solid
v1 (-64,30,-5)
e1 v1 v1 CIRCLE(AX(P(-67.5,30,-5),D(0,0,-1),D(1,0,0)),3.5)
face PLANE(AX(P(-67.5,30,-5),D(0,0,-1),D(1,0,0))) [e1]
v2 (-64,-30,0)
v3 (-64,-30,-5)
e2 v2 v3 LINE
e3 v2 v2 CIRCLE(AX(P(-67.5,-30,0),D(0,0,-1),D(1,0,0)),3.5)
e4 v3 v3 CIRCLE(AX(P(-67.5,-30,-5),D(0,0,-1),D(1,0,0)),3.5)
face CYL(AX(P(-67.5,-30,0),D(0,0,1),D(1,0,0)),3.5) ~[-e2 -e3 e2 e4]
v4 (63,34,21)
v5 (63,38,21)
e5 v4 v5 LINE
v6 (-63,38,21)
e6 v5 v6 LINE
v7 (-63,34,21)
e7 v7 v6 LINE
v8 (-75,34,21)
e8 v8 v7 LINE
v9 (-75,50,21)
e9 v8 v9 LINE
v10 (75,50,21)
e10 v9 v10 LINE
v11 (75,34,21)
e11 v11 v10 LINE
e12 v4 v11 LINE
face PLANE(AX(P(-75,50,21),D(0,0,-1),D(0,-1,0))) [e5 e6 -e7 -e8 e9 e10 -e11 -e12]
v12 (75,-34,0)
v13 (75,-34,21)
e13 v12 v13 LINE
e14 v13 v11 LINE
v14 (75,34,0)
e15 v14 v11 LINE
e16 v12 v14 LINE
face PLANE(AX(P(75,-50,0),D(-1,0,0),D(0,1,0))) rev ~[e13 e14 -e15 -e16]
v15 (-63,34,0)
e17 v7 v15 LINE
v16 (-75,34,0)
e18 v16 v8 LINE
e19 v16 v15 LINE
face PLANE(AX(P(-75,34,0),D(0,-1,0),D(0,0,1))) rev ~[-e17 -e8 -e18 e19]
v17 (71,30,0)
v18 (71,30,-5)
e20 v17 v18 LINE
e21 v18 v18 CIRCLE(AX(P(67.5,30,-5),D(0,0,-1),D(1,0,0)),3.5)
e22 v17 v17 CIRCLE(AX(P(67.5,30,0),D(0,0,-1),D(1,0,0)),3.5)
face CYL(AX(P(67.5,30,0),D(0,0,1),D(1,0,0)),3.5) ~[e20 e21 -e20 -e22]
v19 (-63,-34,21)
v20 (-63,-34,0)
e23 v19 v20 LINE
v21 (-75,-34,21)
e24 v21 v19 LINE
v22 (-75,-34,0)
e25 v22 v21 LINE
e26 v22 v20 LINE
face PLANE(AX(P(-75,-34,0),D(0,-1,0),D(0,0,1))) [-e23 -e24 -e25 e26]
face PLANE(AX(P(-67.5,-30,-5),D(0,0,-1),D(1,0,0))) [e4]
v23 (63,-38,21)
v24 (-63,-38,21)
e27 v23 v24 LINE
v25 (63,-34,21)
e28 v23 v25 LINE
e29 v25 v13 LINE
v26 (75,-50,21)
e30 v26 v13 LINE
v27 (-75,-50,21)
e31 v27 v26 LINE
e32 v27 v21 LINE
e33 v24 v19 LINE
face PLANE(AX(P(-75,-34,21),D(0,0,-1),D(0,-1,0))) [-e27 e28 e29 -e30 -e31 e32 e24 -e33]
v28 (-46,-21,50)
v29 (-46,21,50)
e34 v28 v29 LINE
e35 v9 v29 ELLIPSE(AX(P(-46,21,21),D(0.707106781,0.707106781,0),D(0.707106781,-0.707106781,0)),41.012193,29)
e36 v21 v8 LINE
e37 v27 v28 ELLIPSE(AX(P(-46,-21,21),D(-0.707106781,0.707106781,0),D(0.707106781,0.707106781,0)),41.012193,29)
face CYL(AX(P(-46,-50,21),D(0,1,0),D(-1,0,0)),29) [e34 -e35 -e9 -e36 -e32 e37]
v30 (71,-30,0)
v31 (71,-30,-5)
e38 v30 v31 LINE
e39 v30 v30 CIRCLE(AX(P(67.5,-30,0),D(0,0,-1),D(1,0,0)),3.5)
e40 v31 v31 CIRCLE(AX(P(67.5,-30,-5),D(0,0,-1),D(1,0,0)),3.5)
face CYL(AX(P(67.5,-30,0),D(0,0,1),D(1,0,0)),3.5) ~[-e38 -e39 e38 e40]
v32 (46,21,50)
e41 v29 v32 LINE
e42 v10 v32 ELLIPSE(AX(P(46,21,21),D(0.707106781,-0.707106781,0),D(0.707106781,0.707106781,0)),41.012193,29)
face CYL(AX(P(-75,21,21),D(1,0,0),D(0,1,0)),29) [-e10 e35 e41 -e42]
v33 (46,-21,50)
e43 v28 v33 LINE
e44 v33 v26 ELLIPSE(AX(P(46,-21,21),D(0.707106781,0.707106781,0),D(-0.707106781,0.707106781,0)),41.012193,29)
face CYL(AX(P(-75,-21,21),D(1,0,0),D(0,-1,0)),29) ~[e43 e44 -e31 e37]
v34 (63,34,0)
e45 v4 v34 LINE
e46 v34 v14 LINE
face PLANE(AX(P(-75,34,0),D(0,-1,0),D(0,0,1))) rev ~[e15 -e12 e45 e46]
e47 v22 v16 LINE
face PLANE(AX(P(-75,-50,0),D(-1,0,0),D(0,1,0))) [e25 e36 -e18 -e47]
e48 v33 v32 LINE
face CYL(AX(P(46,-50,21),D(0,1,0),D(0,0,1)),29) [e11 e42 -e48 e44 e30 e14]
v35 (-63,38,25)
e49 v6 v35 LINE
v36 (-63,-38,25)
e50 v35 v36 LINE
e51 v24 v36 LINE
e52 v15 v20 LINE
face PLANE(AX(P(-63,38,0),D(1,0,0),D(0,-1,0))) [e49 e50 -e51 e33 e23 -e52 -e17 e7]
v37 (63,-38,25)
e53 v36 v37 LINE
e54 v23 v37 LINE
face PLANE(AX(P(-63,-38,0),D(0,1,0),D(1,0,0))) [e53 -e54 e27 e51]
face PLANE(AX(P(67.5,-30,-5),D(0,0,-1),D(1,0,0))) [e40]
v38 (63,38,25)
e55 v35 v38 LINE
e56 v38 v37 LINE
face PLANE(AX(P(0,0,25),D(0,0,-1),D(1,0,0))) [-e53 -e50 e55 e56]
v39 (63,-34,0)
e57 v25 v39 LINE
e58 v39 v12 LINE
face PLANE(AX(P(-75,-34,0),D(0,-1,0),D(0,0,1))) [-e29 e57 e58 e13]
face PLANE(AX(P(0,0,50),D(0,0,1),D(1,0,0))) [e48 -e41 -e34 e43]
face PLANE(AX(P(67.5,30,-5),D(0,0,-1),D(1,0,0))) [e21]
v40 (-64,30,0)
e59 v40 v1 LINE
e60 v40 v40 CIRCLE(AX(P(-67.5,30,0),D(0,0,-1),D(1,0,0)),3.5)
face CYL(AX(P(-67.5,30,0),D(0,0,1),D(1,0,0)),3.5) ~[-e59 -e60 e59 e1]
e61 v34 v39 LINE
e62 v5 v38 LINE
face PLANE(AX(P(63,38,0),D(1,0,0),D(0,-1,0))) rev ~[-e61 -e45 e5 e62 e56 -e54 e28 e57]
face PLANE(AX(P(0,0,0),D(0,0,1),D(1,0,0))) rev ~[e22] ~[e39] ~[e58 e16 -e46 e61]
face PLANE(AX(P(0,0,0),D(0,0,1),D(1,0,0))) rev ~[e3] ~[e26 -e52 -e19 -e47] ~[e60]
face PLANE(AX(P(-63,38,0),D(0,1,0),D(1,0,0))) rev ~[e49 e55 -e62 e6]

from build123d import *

# Parameters (mm, degrees)
SKETCH_W        = 150
SKETCH_H        = 100
PAD_DEPTH       = 50
SKETCH001_R     = 3.5
PAD001_DEPTH    = 5
SKETCH002_W     = 33
SKETCH002_H     = 12
POCKET_DEPTH    = 20
FILLET_R        = 29
SKETCH004_W     = 126
SKETCH004_H     = 76
POCKET001_DEPTH = 25
SKETCH005_R     = 4
POCKET002_DEPTH = 5
SKETCH006_W     = 20.5
SKETCH006_H     = 20
POCKET003_DEPTH = 100
SKETCH008_W     = 16
SKETCH008_H     = 21
POCKET004_DEPTH = 200


with BuildPart() as part:
    # Sketch → Pad (new body)
    with BuildSketch(Plane.XY):
        Rectangle(SKETCH_W, SKETCH_H)
    extrude(amount=PAD_DEPTH)

    # Sketch001 (on Face5 of Pad) → Pad001 (join)
    with BuildSketch(Plane(origin=(0, 0, 0), x_dir=(1, 0, 0), z_dir=(0, 0, -1))):
        with Locations((67.5, 30)):
            Circle(SKETCH001_R)
        with Locations((67.5, -30)):
            Circle(SKETCH001_R)
        with Locations((-67.5, -30)):
            Circle(SKETCH001_R)
        with Locations((-67.5, 30)):
            Circle(SKETCH001_R)
    extrude(amount=PAD001_DEPTH)

    # Sketch002 (on Face4 of Pad001) → Pocket (cut)
    with BuildSketch(Plane(origin=(0, 0, 0), x_dir=(1, 0, 0), z_dir=(0, 0, -1))):
        with Locations((-53.5, 44)):
            Rectangle(SKETCH002_W, SKETCH002_H)
        with Locations((53.5, 44)):
            Rectangle(SKETCH002_W, SKETCH002_H)
        with Locations((0, 44)):
            Rectangle(SKETCH002_W, SKETCH002_H)
        with Locations((-53.5, -44)):
            Rectangle(SKETCH002_W, SKETCH002_H)
        with Locations((0, -44)):
            Rectangle(SKETCH002_W, SKETCH002_H)
        with Locations((53.5, -44)):
            Rectangle(SKETCH002_W, SKETCH002_H)
    extrude(amount=-POCKET_DEPTH, mode=Mode.SUBTRACT)

    # Fillet
    fillet_edges = [part.edges().sort_by_distance(p)[0] for p in [
        (0, 50, 50),
        (75, 0, 50),
        (0, -50, 50),
        (-75, 0, 50),
    ]]
    fillet(fillet_edges, radius=FILLET_R)

    # Sketch004 (on Face4 of Fillet) → Pocket001 (cut)
    with BuildSketch(Plane(origin=(0, 0, 0), x_dir=(1, 0, 0), z_dir=(0, 0, -1))):
        Rectangle(SKETCH004_W, SKETCH004_H)
    extrude(amount=-POCKET001_DEPTH, mode=Mode.SUBTRACT)

    # Sketch005 (on Face12 of Pocket001) → Pocket002 (cut)
    with BuildSketch(Plane(origin=(0, 0, 0), x_dir=(1, 0, 0), z_dir=(0, 0, -1))):
        with Locations((-26, 42.5)):
            Circle(SKETCH005_R)
        with Locations((27.5, 42.5)):
            Circle(SKETCH005_R)
        with Locations((-26, -42.5)):
            Circle(SKETCH005_R)
        with Locations((27.5, -42.5)):
            Circle(SKETCH005_R)
    extrude(amount=-POCKET002_DEPTH, mode=Mode.SUBTRACT)

    # Sketch006 (on Face19 of Pocket002) → Pocket003 (cut)
    with BuildSketch(Plane.XZ.offset(50)):
        with Locations((-26.75, 10)):
            Rectangle(SKETCH006_W, SKETCH006_H)
        with Locations((26.75, 10)):
            Rectangle(SKETCH006_W, SKETCH006_H)
    extrude(amount=-POCKET003_DEPTH, mode=Mode.SUBTRACT)

    # Sketch008 (on Face3 of Pocket003) → Pocket004 (cut)
    with BuildSketch(Plane(origin=(-75, 0, 0), x_dir=(0, -1, 0), z_dir=(-1, 0, 0))):
        with Locations((-42, 10.5)):
            Rectangle(SKETCH008_W, SKETCH008_H)
        with Locations((42, 10.5)):
            Rectangle(SKETCH008_W, SKETCH008_H)
    extrude(amount=-POCKET004_DEPTH, mode=Mode.SUBTRACT)


solid = part.part
